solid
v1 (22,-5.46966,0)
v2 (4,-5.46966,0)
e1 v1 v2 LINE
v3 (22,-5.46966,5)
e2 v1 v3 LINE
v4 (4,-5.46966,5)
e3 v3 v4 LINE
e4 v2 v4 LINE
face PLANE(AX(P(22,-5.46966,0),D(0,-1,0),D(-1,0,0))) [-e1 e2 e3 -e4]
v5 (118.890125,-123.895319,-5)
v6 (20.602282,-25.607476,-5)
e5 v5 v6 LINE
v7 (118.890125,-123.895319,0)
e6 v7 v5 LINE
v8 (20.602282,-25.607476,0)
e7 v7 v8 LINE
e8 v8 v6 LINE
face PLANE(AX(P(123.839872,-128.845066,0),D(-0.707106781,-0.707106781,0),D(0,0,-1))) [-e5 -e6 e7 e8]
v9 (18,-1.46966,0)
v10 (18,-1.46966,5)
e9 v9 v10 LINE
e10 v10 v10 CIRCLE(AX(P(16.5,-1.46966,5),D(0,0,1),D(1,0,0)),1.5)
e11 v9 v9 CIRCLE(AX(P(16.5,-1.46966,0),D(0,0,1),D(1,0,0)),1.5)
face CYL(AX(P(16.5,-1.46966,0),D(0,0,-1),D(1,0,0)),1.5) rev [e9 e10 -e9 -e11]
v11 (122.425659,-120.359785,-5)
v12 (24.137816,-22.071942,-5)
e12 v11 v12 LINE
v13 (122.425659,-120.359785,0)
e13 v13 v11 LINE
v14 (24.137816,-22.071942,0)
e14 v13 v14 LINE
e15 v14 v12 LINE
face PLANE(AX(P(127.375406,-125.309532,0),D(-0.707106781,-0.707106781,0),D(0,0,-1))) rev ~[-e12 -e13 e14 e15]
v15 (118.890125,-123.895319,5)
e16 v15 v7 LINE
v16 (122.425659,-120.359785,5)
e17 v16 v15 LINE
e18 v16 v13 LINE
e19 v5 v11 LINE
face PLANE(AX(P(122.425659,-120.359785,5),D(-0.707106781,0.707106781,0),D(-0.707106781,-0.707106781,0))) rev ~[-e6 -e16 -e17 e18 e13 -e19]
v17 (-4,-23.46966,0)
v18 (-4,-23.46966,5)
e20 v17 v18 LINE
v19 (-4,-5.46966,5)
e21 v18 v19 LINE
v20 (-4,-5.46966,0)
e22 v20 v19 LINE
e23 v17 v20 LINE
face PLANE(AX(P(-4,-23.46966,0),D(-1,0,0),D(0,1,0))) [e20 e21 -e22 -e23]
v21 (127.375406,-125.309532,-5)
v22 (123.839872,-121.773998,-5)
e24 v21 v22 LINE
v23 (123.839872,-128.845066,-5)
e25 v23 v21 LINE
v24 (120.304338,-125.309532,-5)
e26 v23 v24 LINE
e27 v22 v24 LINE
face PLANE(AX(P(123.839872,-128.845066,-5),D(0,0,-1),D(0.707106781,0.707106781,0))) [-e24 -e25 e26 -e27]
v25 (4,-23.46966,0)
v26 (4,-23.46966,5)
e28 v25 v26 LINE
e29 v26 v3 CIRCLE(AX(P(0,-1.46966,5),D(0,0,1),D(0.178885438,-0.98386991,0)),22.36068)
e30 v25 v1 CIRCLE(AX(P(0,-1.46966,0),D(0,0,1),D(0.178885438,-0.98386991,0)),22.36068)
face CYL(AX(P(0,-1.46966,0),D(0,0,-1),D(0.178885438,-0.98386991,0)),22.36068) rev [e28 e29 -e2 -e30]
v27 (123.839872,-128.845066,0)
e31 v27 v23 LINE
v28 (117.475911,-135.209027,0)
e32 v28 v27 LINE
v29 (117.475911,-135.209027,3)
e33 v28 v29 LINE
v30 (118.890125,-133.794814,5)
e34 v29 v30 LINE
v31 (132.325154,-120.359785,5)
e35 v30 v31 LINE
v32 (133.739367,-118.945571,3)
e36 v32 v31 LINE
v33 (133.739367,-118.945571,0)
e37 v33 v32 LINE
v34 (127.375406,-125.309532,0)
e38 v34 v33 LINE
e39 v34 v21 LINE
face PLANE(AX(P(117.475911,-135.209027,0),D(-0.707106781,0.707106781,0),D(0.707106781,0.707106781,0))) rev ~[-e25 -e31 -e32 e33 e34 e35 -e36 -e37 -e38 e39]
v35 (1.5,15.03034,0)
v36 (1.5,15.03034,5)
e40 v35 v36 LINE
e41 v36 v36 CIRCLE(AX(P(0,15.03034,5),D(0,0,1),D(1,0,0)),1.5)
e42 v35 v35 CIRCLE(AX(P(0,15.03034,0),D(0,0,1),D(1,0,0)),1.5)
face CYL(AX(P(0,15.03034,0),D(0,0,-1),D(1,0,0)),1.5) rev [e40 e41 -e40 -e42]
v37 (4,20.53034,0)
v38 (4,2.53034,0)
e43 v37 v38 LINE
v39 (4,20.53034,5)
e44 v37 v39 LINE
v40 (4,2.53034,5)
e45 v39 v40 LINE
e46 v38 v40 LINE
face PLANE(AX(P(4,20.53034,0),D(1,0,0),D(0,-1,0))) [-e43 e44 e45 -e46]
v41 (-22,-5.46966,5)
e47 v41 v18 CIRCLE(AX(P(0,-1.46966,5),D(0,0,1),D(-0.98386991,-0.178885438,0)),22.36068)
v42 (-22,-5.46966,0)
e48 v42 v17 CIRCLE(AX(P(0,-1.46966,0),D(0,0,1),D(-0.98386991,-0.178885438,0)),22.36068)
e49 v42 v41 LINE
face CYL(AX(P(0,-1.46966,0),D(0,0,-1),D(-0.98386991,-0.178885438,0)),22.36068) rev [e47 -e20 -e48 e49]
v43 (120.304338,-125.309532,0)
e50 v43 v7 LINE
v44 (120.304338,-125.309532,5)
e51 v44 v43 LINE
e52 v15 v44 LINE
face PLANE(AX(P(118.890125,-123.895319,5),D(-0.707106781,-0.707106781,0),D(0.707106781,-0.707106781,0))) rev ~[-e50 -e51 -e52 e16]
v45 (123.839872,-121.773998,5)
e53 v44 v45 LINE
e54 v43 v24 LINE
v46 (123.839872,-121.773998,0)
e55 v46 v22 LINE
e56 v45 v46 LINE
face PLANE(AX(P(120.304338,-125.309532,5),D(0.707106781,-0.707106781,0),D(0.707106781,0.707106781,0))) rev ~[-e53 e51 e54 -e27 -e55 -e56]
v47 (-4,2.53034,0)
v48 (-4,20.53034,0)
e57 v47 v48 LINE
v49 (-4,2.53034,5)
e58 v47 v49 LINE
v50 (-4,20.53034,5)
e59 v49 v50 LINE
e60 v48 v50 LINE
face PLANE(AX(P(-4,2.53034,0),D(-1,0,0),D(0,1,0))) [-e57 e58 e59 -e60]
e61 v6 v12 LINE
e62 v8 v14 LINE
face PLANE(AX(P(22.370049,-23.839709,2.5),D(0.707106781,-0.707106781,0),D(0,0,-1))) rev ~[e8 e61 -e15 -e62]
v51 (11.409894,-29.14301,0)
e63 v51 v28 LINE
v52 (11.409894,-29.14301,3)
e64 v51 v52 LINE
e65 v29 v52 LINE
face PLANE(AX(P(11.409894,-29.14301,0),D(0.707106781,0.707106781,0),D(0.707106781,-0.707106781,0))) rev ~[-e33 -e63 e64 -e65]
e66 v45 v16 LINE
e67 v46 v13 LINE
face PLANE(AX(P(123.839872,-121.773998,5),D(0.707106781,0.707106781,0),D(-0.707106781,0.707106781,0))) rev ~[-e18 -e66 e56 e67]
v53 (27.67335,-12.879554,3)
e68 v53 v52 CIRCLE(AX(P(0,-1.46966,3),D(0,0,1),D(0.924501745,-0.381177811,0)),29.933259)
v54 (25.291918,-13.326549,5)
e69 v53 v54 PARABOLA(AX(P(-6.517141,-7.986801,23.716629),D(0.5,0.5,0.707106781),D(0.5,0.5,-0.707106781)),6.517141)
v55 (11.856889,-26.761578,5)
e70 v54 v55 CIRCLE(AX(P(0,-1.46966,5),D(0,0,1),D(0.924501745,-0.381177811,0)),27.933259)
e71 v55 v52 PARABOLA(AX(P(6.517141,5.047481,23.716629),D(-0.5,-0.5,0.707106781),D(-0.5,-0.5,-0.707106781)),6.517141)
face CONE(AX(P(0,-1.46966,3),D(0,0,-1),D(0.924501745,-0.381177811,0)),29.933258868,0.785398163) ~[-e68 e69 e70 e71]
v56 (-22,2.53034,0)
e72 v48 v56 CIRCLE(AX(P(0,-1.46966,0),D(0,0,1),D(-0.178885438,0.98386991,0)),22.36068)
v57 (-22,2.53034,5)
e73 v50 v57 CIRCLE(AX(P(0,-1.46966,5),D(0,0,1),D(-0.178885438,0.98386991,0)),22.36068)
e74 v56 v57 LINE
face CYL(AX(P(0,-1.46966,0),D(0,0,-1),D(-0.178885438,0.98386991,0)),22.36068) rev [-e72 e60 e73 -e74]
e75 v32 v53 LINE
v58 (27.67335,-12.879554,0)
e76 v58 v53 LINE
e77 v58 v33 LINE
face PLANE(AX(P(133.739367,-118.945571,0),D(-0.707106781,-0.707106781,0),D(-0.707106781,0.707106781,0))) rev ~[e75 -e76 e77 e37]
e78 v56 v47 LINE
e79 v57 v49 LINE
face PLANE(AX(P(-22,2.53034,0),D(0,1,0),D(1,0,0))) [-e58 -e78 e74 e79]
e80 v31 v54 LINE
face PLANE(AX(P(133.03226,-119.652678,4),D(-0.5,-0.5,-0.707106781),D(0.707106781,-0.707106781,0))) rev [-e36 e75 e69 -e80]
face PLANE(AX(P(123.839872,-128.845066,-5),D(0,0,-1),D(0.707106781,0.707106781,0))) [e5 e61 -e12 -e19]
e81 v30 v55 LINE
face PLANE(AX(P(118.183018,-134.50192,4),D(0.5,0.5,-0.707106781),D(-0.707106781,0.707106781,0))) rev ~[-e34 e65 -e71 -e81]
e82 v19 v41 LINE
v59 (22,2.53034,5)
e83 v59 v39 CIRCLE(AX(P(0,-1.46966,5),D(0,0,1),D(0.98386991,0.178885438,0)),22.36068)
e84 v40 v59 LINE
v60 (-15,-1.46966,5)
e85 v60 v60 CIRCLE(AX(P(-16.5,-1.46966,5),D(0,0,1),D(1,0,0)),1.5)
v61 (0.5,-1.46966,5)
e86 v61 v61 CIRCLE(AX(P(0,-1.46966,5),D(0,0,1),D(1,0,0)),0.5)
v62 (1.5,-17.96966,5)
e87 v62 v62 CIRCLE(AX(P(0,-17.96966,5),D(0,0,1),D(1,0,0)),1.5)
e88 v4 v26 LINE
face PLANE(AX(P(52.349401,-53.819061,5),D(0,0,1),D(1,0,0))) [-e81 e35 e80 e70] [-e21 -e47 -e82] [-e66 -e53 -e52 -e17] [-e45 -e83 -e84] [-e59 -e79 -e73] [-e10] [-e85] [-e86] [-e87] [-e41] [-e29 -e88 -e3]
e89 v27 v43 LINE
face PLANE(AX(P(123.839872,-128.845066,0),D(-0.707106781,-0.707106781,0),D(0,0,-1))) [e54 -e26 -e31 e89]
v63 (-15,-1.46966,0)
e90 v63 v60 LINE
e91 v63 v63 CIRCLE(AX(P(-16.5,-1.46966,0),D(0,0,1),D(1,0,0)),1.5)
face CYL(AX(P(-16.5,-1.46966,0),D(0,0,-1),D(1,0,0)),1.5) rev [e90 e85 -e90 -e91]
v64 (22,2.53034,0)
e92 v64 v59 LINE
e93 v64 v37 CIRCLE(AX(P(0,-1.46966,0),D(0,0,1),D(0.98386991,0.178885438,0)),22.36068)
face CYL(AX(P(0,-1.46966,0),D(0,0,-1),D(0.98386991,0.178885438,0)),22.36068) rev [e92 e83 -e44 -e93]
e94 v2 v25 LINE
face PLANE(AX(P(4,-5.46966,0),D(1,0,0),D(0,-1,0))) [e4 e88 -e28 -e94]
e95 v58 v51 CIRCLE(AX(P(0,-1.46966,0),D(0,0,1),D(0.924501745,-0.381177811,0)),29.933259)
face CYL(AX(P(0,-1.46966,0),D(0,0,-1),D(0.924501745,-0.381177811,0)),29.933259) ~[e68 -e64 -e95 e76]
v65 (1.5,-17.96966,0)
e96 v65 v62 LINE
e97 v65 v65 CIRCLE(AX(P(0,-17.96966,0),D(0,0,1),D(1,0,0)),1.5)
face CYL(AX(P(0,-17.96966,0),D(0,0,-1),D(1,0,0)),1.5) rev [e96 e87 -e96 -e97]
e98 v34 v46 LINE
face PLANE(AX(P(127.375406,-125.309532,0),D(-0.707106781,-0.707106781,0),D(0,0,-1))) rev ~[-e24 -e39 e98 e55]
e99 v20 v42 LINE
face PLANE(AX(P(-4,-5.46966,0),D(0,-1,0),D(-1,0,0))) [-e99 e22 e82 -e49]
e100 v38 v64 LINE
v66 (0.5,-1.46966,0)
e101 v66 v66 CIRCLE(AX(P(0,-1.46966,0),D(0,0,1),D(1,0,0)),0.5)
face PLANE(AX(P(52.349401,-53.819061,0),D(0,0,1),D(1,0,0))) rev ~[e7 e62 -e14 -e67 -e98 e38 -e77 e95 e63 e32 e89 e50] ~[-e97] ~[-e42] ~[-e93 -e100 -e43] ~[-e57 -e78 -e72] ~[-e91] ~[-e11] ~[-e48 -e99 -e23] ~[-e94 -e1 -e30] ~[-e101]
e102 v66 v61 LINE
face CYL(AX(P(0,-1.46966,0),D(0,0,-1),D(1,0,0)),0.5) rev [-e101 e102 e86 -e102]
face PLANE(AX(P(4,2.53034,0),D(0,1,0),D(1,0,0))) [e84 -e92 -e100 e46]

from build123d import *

# Parameters (mm, degrees)
BOSS_EXTRU_1_DEPTH      = 5
ESQUISSE3_R             = 1.5
ESQUISSE3_R_2           = 0.5
ENL_V_MAT_EXTRU_1_DEPTH = 5
ESQUISSE7_W             = 5
ESQUISSE7_H             = 23
ESQUISSE7_H_2           = 5
BOSS_EXTRU_2_DEPTH      = 146
CHANFREIN1_SIZE         = 2
ENL_V_MAT_EXTRU_2_DEPTH = 146


with BuildPart() as part:
    # Esquisse6 → Boss.-Extru.1 (new body)
    with BuildSketch(Plane.XY):
        with BuildLine():
            Line((11.409894089, -29.143009992), (117.475911267, -135.20902717))
            Line((117.475911267, -135.20902717), (133.739367234, -118.945571203))
            Line((133.739367234, -118.945571203), (27.673350056, -12.879554025))
            ThreePointArc((27.673350056, -12.879554025), (-21.166010329, 19.696350392), (11.409894089, -29.143009992))
        make_face()
        with BuildLine():
            Line((-4, -23.469659936), (-4, -5.469659936))
            Line((-4, -5.469659936), (-22, -5.469659936))
            ThreePointArc((-22, -5.469659936), (-15.811388301, -17.281048237), (-4, -23.469659936))
        make_face(mode=Mode.SUBTRACT)
        with BuildLine():
            Line((-4, 2.530340064), (-4, 20.530340064))
            ThreePointArc((-4, 20.530340064), (-15.811388301, 14.341728365), (-22, 2.530340064))
            Line((-22, 2.530340064), (-4, 2.530340064))
        make_face(mode=Mode.SUBTRACT)
        with BuildLine():
            Line((4, 2.530340064), (22, 2.530340064))
            ThreePointArc((22, 2.530340064), (15.811388301, 14.341728365), (4, 20.530340064))
            Line((4, 20.530340064), (4, 2.530340064))
        make_face(mode=Mode.SUBTRACT)
        with BuildLine():
            Line((4, -5.469659936), (4, -23.469659936))
            ThreePointArc((4, -23.469659936), (15.811388301, -17.281048237), (22, -5.469659936))
            Line((22, -5.469659936), (4, -5.469659936))
        make_face(mode=Mode.SUBTRACT)
    extrude(amount=BOSS_EXTRU_1_DEPTH)

    # Esquisse3 → Enlèv. mat.-Extru.1 (cut)
    with BuildSketch(Plane.XY):
        with Locations((0, 15.030340064)):
            Circle(ESQUISSE3_R)
        with Locations((16.5, -1.469659936)):
            Circle(ESQUISSE3_R)
        with Locations((0, -17.969659936)):
            Circle(ESQUISSE3_R)
        with Locations((-16.5, -1.469659936)):
            Circle(ESQUISSE3_R)
        with Locations((0, -1.469659936)):
            Circle(ESQUISSE3_R_2)
    extrude(amount=ENL_V_MAT_EXTRU_1_DEPTH, mode=Mode.SUBTRACT)

    # Esquisse7 → Boss.-Extru.2 (add)
    with BuildSketch(Plane(origin=(126.342469219, -126.342469219, 0), x_dir=(0, 0, -1), z_dir=(0.7071067811865442, -0.7071067811865508, 0))):
        with Locations((-2.5, -1.039206507)):
            Rectangle(ESQUISSE7_W, ESQUISSE7_H)
        with Locations((2.5, -1.039206507)):
            Rectangle(ESQUISSE7_W, ESQUISSE7_H_2)
    extrude(amount=-BOSS_EXTRU_2_DEPTH)

    # Chanfrein1
    chanfrein1_edges = [part.edges().sort_by_distance(p)[0] for p in [
        (80.706358645, -65.912562614, 5),
        (-21.166010329, 19.696350392, 5),
        (64.442902678, -82.176018581, 5),
    ]]
    chamfer(chanfrein1_edges, length=CHANFREIN1_SIZE)

    # Esquisse8 → Enlèv. mat.-Extru.2 (cut)
    with BuildSketch(Plane.XY.offset(5)):
        Polygon((120.304338392, -125.309532234), (123.839872298, -121.773998328), (122.425658735, -120.359784766), (118.890124829, -123.895318671), align=None)
    extrude(amount=-ENL_V_MAT_EXTRU_2_DEPTH, mode=Mode.SUBTRACT)


solid = part.part
